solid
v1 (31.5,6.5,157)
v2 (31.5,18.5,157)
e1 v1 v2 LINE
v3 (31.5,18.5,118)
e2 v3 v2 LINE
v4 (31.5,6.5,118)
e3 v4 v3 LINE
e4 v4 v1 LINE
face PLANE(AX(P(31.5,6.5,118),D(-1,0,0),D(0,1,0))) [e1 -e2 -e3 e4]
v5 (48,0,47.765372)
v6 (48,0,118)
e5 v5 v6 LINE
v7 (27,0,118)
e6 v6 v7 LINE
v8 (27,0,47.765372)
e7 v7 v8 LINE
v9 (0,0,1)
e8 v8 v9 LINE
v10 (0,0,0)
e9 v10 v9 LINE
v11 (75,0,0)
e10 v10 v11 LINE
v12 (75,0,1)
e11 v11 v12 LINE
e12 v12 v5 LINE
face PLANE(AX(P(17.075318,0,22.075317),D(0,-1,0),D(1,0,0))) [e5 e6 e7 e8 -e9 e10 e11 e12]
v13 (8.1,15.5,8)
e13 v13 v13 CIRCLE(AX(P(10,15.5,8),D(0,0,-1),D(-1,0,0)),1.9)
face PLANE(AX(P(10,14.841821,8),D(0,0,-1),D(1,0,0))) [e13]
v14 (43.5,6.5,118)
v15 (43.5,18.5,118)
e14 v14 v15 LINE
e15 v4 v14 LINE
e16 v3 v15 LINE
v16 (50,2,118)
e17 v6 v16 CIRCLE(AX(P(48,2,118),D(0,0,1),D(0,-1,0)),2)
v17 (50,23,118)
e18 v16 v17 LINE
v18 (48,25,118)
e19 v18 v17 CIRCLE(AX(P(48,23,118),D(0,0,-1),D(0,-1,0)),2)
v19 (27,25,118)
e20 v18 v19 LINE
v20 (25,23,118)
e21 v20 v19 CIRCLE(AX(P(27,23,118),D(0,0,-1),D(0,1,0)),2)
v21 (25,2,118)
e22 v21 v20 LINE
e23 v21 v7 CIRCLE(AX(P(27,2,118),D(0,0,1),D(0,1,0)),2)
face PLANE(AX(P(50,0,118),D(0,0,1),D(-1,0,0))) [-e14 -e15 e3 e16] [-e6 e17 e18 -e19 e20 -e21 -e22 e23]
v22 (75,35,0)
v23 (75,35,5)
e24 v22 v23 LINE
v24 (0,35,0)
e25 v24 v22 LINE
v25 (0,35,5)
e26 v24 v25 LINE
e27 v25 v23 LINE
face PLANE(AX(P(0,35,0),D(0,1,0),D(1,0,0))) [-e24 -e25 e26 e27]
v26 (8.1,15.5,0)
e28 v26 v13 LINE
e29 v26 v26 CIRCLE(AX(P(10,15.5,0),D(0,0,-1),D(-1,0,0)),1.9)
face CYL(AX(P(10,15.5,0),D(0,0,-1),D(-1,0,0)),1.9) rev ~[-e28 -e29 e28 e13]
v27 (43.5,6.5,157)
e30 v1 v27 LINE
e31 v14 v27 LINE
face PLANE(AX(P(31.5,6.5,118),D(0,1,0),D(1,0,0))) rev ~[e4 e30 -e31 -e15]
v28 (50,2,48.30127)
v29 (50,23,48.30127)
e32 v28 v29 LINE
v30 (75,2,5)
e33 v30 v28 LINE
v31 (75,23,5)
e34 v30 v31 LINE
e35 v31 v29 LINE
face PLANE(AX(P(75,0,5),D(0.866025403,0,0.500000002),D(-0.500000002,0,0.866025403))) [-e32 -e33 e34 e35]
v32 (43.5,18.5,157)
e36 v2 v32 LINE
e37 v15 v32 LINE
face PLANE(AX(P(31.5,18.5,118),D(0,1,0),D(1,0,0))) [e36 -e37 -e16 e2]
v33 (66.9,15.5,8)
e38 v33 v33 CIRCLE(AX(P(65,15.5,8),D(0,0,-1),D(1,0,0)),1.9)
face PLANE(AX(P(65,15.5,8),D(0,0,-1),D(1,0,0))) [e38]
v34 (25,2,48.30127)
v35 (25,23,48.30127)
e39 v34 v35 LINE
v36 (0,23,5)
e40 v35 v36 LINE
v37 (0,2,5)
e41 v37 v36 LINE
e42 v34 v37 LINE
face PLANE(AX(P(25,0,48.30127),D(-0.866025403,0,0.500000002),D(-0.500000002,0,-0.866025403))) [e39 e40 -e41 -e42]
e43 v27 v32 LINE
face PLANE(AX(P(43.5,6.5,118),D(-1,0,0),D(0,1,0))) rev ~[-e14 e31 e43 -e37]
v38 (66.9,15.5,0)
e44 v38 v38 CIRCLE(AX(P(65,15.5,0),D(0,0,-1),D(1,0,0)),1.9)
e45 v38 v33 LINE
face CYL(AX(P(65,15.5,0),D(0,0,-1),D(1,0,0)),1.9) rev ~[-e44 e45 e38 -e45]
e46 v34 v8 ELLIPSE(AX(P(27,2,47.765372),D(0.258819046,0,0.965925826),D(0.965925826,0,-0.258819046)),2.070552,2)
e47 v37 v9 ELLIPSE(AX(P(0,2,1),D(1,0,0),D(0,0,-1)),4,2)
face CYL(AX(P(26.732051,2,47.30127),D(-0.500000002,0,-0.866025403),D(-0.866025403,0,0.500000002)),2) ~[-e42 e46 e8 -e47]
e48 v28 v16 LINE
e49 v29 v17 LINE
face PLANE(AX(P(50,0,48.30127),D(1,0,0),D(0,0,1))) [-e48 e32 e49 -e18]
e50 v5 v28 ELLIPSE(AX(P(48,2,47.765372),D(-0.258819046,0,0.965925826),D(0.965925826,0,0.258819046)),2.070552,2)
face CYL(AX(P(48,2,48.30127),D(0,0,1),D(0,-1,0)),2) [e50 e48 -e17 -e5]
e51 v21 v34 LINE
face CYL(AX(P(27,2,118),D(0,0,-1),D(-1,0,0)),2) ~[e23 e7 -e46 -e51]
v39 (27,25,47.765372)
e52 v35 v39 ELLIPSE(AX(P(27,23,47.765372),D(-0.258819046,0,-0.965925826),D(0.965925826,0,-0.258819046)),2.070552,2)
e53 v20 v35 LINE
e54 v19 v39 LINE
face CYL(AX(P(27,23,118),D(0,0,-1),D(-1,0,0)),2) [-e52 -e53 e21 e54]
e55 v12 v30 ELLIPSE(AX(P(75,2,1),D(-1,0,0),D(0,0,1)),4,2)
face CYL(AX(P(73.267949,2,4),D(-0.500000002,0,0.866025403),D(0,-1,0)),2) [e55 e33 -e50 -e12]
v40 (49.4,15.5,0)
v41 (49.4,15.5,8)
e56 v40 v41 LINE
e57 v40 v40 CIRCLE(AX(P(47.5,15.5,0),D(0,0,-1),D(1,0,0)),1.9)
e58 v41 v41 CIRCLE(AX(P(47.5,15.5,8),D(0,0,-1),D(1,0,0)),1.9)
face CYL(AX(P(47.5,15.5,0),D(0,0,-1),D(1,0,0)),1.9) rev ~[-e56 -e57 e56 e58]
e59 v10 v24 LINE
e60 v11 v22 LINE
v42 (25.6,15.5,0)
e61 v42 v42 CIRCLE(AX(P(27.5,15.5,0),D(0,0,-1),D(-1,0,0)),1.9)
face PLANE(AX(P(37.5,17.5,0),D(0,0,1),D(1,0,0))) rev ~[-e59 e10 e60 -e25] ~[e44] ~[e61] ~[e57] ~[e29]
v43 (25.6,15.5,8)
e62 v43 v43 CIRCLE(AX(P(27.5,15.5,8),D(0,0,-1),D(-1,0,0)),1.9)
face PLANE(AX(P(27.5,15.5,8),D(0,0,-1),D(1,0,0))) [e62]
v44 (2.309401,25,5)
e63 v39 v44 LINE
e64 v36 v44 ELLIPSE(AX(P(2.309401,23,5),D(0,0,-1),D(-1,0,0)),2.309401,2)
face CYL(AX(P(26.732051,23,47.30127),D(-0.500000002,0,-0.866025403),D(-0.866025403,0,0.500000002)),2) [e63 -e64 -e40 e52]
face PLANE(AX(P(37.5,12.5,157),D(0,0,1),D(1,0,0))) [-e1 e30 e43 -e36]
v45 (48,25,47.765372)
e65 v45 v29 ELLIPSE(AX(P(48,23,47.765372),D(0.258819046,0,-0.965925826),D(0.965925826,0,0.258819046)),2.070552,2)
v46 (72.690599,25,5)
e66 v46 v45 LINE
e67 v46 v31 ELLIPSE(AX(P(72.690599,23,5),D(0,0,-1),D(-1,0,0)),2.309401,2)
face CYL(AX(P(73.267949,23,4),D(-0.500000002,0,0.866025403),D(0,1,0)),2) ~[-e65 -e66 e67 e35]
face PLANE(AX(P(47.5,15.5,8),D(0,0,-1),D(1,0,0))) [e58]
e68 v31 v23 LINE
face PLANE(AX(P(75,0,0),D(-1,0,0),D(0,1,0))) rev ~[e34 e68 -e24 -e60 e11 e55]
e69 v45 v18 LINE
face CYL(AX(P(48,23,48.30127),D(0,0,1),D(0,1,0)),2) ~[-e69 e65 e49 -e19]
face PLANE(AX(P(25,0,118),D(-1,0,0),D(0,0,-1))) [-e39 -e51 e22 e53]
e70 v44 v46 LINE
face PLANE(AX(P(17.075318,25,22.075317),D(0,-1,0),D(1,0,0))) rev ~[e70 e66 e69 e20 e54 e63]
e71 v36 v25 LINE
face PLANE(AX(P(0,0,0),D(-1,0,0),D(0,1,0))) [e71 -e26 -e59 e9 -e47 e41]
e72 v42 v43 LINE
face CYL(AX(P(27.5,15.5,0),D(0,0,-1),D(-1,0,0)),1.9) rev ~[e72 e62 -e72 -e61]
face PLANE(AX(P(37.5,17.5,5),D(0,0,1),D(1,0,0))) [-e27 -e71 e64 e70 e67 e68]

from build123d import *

# Parameters (mm, degrees)
F0_W     = 75
F0_H     = 35
F1_DEPTH = 5
F3_DEPTH = 25
F4_W     = 12
F4_H     = 12
F5_DEPTH = 39
F7_R     = 1.9
F8_DEPTH = 8
F9_R     = 2


with BuildPart() as f1:
    # F0 (on Top) → F1 (new body)
    with BuildSketch(Plane.XY):
        with Locations((37.5, 17.5)):
            Rectangle(F0_W, F0_H)
    extrude(amount=F1_DEPTH)

    # F2 (on face) → F3 (join)
    with BuildSketch(Plane.XZ):
        Polygon((25, 48.30127), (0, 5), (25, 5), align=None)
        Polygon((25, 48.30127), (25, 5), (50, 5), (50, 48.30127), (50, 118), (25, 118), align=None)
        Polygon((50, 48.30127), (50, 5), (75, 5), align=None)
    extrude(amount=-F3_DEPTH)

    # F4 (on face) → F5 (join)
    with BuildSketch(Plane.XY.offset(118)):
        with Locations((37.5, 12.5)):
            Rectangle(F4_W, F4_H)
    extrude(amount=F5_DEPTH)

    # F7 (on face) → F8 (cut)
    with BuildSketch(Plane(origin=(0, 0, 0), x_dir=(1, 0, 0), z_dir=(0, 0, -1))):
        with BuildLine():
            ThreePointArc((11.9, -15.5), (10, -13.6), (8.1, -15.5))
            Line((8.1, -15.5), (10, -15.5))
            Line((10, -15.5), (11.9, -15.5))
        make_face()
        with BuildLine():
            ThreePointArc((29.4, -15.5), (27.5, -13.6), (25.6, -15.5))
            ThreePointArc((25.6, -15.5), (27.5, -17.4), (29.4, -15.5))
        make_face()
        with BuildLine():
            Line((10, -15.5), (8.1, -15.5))
            ThreePointArc((8.1, -15.5), (10, -17.4), (11.9, -15.5))
            Line((11.9, -15.5), (10, -15.5))
        make_face()
        with Locations((47.5, -15.5)):
            Circle(F7_R)
        with Locations((65, -15.5)):
            Circle(F7_R)
    extrude(amount=-F8_DEPTH, mode=Mode.SUBTRACT)

    # F9
    f9_edges = [f1.edges().sort_by_distance(p)[0] for p in [
        (50, 0, 83.150635),
        (50, 25, 83.150635),
        (25, 25, 83.150635),
        (25, 0, 83.150635),
        (12.5, 0, 26.650635),
        (62.5, 0, 26.650635),
        (62.5, 25, 26.650635),
        (12.5, 25, 26.650635),
    ]]
    fillet(f9_edges, radius=F9_R)


solid = f1.part
